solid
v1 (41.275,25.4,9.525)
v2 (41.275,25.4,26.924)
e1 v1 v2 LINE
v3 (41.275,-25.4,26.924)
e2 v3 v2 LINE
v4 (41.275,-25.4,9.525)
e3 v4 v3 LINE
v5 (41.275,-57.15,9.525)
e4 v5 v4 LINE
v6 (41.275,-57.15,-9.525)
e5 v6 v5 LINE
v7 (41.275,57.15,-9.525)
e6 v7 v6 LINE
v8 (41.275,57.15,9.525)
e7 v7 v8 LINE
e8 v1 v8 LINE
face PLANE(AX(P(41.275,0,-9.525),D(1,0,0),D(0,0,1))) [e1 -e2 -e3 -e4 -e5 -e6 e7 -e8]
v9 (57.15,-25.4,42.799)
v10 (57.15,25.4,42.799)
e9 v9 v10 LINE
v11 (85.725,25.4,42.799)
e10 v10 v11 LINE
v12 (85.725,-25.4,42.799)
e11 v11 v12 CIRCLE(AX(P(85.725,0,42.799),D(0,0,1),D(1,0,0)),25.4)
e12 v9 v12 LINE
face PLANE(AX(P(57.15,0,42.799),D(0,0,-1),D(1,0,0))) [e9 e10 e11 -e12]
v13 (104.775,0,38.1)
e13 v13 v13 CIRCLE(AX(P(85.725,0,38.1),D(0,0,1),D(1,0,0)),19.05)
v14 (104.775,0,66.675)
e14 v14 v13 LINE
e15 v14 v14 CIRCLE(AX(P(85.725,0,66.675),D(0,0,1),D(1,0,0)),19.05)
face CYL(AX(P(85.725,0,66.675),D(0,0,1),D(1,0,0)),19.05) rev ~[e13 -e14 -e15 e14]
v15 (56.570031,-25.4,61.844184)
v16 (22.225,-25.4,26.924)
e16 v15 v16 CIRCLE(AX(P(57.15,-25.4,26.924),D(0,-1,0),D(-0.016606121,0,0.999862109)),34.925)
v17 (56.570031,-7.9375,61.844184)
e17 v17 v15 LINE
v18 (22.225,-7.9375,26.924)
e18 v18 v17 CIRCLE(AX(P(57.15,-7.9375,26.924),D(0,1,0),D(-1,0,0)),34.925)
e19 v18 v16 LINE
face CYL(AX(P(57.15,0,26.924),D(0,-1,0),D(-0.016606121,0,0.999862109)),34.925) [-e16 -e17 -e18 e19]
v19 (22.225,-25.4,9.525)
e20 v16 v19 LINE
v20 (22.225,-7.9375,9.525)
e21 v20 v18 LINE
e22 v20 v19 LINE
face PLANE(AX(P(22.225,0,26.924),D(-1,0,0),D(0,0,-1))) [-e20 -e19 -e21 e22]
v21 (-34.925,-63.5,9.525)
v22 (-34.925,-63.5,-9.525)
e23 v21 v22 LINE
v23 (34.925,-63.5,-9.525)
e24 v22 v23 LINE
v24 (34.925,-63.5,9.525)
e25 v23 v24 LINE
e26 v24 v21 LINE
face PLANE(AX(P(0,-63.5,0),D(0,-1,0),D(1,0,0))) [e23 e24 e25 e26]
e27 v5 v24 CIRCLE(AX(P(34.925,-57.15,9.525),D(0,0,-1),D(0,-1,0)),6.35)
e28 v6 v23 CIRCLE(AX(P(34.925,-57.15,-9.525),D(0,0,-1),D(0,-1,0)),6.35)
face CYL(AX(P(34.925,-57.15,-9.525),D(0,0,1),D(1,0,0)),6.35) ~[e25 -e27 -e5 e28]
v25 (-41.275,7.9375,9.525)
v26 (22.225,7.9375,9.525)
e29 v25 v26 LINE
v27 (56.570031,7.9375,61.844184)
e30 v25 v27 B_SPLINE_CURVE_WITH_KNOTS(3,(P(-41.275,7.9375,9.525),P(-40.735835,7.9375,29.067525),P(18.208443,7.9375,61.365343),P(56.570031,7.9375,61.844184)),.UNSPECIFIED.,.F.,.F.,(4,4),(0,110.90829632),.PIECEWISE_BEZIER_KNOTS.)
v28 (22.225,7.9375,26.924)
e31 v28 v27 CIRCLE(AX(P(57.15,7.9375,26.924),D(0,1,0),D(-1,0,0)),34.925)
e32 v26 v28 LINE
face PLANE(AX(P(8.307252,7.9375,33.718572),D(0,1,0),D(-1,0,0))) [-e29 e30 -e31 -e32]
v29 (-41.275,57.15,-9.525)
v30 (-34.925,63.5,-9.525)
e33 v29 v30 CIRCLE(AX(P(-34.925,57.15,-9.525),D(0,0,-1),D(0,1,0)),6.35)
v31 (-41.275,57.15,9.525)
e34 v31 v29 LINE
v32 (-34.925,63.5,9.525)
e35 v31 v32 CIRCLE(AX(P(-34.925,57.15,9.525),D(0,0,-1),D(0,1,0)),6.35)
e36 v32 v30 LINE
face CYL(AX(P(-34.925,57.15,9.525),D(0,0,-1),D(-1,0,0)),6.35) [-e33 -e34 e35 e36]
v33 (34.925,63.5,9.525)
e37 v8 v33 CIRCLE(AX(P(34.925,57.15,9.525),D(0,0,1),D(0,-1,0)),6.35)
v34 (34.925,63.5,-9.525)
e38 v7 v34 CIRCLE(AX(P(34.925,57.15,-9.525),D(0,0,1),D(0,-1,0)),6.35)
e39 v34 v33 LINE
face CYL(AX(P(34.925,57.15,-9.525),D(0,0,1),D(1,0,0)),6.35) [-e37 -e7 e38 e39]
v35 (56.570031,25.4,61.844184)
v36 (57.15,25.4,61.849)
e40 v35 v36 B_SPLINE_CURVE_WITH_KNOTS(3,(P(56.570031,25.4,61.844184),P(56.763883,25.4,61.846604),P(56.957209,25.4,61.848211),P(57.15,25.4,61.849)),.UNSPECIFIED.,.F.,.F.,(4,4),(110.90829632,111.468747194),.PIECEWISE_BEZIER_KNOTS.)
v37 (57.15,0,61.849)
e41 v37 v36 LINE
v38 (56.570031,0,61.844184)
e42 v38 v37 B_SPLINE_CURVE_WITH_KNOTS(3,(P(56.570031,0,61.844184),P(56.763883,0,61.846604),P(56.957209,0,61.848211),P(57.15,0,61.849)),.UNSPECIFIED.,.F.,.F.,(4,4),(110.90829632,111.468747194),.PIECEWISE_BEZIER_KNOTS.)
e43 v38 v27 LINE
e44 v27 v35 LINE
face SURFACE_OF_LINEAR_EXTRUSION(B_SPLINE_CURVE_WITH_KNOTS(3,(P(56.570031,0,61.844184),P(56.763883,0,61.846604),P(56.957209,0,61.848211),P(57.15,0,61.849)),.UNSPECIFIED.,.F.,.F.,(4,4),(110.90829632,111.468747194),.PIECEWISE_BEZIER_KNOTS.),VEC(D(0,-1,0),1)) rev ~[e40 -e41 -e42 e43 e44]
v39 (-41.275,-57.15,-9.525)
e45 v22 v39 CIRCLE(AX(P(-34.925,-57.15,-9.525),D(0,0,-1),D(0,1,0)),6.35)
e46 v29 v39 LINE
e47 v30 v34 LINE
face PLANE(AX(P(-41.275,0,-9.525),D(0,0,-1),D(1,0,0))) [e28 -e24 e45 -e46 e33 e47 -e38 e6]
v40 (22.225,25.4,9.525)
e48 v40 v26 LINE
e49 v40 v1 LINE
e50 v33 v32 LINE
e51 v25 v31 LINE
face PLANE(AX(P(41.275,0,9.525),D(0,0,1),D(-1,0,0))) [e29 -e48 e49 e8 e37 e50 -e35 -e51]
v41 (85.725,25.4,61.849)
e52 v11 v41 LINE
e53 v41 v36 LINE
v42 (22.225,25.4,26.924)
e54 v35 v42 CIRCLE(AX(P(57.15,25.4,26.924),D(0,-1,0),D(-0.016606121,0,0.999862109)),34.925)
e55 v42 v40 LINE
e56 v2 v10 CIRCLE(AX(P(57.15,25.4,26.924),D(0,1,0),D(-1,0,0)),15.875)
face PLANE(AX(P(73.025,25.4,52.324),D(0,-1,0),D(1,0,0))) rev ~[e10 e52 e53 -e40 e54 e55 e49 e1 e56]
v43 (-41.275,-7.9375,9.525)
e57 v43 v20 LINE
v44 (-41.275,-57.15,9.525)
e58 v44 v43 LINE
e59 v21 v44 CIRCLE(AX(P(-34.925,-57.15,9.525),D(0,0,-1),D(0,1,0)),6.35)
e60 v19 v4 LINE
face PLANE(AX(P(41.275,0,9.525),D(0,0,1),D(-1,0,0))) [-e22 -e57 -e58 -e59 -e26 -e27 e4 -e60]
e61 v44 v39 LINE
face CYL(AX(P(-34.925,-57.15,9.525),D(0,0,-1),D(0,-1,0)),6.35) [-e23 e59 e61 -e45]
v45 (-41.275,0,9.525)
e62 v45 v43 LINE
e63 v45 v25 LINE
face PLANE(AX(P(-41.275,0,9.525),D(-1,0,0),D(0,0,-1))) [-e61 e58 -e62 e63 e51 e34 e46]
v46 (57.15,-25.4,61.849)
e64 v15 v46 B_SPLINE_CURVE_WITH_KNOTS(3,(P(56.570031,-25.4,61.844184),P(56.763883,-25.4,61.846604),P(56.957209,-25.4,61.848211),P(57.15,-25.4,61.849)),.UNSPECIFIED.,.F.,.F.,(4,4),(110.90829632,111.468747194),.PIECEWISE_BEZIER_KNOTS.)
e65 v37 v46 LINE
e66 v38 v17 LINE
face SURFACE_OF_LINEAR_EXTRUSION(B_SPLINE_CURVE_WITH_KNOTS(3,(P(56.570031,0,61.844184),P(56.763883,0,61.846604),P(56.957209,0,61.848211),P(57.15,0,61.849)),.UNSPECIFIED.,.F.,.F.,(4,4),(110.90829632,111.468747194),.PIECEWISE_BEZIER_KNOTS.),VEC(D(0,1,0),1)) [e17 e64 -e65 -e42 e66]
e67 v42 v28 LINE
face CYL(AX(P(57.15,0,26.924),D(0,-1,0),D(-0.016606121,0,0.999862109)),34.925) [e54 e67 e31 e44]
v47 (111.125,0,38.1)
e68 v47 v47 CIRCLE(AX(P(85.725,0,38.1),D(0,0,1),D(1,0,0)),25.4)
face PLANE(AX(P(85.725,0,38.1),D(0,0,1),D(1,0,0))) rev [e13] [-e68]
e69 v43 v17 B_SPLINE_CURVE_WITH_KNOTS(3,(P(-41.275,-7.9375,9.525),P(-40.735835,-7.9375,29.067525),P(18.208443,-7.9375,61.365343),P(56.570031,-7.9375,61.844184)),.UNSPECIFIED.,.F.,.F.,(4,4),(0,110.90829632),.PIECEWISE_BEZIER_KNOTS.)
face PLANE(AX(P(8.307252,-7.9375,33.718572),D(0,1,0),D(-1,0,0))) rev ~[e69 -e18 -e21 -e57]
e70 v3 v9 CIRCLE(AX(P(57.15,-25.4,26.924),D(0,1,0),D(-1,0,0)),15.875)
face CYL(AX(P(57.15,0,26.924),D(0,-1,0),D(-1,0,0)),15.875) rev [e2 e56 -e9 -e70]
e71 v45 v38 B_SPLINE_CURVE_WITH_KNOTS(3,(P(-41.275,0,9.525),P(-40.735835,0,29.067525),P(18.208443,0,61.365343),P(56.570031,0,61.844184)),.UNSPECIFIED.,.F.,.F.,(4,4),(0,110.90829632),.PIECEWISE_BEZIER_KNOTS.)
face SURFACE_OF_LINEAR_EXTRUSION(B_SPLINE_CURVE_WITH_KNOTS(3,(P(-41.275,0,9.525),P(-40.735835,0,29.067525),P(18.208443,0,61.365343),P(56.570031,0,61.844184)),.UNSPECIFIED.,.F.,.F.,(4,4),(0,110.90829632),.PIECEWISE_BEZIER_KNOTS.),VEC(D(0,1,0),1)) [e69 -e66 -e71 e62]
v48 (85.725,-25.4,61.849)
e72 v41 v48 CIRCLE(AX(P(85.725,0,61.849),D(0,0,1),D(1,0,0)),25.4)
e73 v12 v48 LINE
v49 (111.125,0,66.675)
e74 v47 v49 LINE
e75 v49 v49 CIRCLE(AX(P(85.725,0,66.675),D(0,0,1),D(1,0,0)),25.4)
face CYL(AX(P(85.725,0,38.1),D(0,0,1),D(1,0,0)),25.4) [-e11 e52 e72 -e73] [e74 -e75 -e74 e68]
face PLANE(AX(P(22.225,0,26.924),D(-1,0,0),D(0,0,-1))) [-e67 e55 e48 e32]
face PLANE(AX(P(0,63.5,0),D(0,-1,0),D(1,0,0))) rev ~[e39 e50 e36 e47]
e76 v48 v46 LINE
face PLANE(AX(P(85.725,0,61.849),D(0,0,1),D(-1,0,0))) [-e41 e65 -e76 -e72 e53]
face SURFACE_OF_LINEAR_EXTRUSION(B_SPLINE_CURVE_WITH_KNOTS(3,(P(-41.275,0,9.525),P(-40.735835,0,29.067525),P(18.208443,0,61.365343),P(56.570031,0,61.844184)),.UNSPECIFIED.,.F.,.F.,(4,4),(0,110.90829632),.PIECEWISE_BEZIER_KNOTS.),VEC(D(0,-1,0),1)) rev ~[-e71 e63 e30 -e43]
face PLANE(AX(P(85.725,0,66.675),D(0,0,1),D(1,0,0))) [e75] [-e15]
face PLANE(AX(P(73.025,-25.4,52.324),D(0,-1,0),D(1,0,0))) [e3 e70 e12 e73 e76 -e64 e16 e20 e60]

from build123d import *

# Parameters (mm, degrees)
F1_DEPTH = 63.5
F0_W     = 25.4
F0_H     = 19.05
F2_DEPTH = 25.4
F3_DEPTH = 7.9375
F5_R     = 6.35
F6_R     = 19.05
F7_DEPTH = 76.201


with BuildPart() as f1:
    # F0 (on Front) → F1 (new body, symmetric)
    with BuildSketch(Plane.XZ):
        Polygon((22.225, 9.525), (-41.275, 9.525), (-41.275, -9.525), (41.275, -9.525), (41.275, 9.525), align=None)
    extrude(amount=F1_DEPTH, both=True)

    # F0 (on Front) → F2 (join, symmetric)
    with BuildSketch(Plane.XZ):
        with Locations((73.025, 52.324)):
            Rectangle(F0_W, F0_H)
        with BuildLine():
            Line((22.225, 26.924), (22.225, 9.525))
            Line((22.225, 9.525), (41.275, 9.525))
            Line((41.275, 9.525), (41.275, 26.924))
            ThreePointArc((41.275, 26.924), (45.9246798487, 38.1493201513), (57.15, 42.799))
            Line((57.15, 42.799), (60.325, 42.799))
            Line((60.325, 42.799), (60.325, 61.849))
            Line((60.325, 61.849), (57.15, 61.849))
            add(Edge.make_bspline(
                [(56.5700312236, 61.8441841521), (56.7638831391, 61.8466038705), (56.957209462, 61.8482110704), (57.15, 61.849)],
                knots=[110.90829632, 110.90829632, 110.90829632, 110.90829632, 111.468747194, 111.468747194, 111.468747194, 111.468747194], degree=3))
            ThreePointArc((56.5700312236, 61.8441841521), (32.2500900151, 51.4137959923), (22.225, 26.924))
        make_face()
    extrude(amount=F2_DEPTH, both=True)

    # F0 (on Front) → F3 (join, symmetric)
    with BuildSketch(Plane.XZ):
        with BuildLine():
            add(Edge.make_bspline(
                [(-41.275, 9.525), (-40.7358347138, 29.0675254726), (18.2084429422, 61.3653431795), (56.5700312236, 61.8441841521)],
                knots=[0, 0, 0, 0, 110.90829632, 110.90829632, 110.90829632, 110.90829632], degree=3))
            Line((-41.275, 9.525), (22.225, 9.525))
            Line((22.225, 9.525), (22.225, 26.924))
            ThreePointArc((22.225, 26.924), (32.2500900151, 51.4137959923), (56.5700312236, 61.8441841521))
        make_face()
    extrude(amount=F3_DEPTH, both=True)

    # F0 (on Front) → F4 (revolve)
    with BuildSketch(Plane.XZ):
        Polygon((85.725, 66.675), (85.725, 61.849), (85.725, 42.799), (85.725, 38.1), (111.125, 38.1), (111.125, 66.675), align=None)
    revolve(axis=Axis((85.725, 0, 52.3875), (0, 0, 1)))

    # F5
    f5_edges = [f1.edges().sort_by_distance(p)[0] for p in [
        (41.275, -63.5, 0),
        (-41.275, -63.5, 0),
        (41.275, 63.5, 0),
        (-41.275, 63.5, 0),
    ]]
    fillet(f5_edges, radius=F5_R)

    # F6 (on face) → F7 (cut, through all)
    with BuildSketch(Plane.XY.offset(66.675)):
        with Locations((85.725, 0)):
            Circle(F6_R)
    extrude(amount=-F7_DEPTH, mode=Mode.SUBTRACT)


solid = f1.part
